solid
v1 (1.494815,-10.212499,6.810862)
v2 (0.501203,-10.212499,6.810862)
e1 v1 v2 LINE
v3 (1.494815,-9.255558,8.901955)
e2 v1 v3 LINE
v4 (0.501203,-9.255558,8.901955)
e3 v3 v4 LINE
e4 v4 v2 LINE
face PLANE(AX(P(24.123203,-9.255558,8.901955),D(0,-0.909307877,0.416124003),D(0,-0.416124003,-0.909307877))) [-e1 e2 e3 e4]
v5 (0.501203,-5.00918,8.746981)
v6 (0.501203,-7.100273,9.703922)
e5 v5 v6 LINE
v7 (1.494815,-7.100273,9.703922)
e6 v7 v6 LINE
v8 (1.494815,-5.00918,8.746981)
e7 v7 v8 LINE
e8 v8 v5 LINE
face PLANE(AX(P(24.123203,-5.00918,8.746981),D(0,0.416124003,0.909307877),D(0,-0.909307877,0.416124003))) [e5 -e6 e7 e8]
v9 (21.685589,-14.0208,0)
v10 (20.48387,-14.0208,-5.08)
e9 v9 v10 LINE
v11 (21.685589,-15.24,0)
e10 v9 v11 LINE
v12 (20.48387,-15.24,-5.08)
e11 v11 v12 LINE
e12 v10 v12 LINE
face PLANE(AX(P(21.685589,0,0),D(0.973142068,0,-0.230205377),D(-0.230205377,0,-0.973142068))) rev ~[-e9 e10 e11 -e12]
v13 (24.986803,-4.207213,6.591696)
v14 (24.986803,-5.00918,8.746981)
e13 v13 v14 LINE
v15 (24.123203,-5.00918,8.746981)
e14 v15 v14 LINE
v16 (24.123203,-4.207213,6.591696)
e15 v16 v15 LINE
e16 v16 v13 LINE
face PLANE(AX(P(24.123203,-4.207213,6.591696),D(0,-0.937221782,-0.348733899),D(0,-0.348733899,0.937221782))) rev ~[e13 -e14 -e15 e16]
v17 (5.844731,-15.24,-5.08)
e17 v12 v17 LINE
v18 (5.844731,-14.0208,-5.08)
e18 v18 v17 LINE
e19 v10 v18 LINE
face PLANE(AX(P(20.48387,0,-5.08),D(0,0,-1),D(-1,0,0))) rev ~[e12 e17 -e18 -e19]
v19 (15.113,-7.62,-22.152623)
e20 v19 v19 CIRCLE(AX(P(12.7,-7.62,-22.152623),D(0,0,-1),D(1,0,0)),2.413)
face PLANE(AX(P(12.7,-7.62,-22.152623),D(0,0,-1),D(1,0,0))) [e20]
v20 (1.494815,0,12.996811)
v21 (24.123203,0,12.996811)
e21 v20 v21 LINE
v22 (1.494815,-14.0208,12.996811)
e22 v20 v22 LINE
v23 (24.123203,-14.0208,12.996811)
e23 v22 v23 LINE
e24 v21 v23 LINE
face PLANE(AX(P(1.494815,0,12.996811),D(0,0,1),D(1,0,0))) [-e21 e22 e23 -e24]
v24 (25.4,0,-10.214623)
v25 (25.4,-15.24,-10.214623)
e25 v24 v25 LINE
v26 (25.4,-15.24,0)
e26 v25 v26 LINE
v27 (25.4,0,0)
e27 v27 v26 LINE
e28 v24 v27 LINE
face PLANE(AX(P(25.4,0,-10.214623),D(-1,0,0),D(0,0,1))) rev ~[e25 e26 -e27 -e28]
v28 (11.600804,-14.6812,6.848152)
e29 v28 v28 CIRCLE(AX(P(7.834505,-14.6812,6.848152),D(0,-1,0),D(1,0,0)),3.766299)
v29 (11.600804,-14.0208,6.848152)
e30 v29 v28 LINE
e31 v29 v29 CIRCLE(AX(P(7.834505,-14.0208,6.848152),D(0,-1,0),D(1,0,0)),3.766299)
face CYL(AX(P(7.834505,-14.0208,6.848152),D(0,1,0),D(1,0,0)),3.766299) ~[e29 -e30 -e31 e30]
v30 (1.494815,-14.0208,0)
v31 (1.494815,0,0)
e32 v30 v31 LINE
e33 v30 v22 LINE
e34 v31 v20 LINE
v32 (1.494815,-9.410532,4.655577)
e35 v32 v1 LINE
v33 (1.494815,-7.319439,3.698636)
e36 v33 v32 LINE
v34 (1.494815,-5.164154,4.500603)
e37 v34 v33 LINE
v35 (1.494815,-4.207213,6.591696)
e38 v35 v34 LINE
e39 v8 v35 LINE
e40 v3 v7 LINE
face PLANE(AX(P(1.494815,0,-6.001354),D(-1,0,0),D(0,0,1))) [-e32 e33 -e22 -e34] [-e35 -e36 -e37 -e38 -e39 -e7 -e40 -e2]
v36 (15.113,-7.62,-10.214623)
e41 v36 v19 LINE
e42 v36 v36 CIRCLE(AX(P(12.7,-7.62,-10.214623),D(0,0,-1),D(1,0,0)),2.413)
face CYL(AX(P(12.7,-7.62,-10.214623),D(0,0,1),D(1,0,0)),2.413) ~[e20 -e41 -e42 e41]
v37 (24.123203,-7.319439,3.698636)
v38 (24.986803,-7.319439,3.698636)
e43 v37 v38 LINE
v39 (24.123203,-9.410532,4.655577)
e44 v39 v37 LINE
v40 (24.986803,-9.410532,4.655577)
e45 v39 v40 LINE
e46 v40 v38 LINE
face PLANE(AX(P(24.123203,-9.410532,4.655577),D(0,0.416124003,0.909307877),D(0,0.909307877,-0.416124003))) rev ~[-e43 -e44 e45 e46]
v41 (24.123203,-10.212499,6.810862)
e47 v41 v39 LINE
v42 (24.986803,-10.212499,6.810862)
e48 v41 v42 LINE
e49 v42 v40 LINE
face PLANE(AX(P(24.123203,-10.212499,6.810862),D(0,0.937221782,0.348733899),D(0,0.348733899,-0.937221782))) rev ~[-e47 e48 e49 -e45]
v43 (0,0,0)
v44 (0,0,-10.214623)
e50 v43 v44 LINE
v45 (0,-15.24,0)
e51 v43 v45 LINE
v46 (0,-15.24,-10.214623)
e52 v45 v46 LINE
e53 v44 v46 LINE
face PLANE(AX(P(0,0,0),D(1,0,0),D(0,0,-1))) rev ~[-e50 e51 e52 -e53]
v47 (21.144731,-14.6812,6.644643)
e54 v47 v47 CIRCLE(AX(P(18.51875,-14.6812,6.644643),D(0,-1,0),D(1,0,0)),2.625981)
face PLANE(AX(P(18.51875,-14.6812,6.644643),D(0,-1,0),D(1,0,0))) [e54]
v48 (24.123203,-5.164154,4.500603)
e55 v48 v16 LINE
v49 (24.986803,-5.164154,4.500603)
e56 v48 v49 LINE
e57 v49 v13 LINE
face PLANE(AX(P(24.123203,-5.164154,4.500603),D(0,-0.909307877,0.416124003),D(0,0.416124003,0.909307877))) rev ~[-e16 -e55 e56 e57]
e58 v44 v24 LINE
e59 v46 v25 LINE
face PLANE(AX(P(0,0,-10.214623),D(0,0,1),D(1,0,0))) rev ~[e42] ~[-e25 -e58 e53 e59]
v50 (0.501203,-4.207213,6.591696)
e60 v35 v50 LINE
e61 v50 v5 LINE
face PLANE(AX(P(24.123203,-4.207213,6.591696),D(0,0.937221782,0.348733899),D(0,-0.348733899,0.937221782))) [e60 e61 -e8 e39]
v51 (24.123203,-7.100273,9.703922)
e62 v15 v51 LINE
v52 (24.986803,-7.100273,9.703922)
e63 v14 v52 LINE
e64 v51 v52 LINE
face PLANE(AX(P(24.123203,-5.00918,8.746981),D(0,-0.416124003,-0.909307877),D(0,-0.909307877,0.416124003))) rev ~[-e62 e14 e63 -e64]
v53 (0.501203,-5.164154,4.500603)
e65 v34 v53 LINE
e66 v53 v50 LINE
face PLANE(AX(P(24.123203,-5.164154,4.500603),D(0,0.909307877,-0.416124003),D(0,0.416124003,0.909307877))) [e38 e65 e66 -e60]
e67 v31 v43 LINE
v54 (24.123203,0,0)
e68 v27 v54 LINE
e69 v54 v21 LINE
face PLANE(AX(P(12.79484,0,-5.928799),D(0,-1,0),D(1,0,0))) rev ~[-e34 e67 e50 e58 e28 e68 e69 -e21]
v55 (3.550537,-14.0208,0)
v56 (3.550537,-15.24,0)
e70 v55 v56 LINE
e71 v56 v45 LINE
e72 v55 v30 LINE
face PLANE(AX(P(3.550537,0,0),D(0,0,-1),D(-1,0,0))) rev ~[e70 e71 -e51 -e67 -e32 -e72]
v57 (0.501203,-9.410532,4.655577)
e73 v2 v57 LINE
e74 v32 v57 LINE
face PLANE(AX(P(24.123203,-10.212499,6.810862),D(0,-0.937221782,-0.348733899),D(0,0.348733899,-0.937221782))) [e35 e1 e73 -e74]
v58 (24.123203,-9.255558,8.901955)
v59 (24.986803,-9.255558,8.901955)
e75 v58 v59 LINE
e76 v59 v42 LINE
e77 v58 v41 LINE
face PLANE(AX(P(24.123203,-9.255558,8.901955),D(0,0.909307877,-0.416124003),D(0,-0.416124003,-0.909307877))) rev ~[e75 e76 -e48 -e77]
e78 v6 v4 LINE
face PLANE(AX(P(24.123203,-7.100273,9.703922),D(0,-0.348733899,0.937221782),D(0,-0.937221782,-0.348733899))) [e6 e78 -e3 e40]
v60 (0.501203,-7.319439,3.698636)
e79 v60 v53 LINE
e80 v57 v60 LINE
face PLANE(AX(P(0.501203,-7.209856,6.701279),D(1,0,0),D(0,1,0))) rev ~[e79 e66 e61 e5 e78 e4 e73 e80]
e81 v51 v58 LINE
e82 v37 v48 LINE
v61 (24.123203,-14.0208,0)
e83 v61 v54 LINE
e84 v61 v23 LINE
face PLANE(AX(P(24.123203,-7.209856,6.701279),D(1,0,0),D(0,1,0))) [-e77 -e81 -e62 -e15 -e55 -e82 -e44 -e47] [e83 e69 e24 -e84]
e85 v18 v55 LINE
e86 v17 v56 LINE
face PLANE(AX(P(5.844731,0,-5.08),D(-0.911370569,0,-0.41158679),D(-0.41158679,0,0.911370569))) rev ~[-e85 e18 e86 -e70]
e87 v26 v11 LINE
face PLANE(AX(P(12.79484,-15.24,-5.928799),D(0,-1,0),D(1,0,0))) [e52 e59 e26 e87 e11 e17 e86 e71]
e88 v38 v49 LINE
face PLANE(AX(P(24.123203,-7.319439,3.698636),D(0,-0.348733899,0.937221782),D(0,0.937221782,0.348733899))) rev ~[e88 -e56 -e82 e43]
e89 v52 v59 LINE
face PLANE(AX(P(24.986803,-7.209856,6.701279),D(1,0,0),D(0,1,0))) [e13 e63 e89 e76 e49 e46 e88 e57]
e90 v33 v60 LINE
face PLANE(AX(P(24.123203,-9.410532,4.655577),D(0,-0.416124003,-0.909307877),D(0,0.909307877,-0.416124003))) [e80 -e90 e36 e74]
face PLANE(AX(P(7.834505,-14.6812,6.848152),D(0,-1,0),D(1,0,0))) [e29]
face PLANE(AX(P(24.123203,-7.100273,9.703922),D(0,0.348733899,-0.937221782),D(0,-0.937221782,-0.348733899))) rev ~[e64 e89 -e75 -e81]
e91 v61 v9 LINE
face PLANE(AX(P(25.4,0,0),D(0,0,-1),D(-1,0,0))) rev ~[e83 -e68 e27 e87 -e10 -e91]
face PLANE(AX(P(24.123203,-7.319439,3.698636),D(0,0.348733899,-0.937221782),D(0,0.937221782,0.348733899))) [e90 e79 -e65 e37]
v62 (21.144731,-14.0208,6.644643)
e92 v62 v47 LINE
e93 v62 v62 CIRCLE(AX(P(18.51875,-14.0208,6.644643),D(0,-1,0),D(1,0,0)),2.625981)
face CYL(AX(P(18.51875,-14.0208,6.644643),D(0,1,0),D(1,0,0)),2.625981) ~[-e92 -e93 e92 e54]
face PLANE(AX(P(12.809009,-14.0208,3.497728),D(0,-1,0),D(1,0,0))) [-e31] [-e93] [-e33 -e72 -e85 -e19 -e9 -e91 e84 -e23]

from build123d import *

# Parameters (mm, degrees)
F1_DEPTH  = 15.24
F2_W      = 22.628388
F2_H      = 18.998165
F3_DEPTH  = 14.0208
F5_DEPTH  = 23.622
F6_DEPTH  = 0.8636
F7_R      = 3.766299
F7_R_2    = 2.625981
F8_DEPTH  = 0.6604
F9_R      = 2.413
F10_DEPTH = 11.938


with BuildPart() as f1:
    # F0 (on Front) → F1 (new body)
    with BuildSketch(Plane.XZ):
        Polygon((3.550537, 0), (0, 0), (0, -10.214623), (25.4, -10.214623), (25.4, 0), (21.685589, 0), (20.48387, -5.08), (5.844731, -5.08), align=None)
    extrude(amount=F1_DEPTH)

    # F2 (on Front) → F3 (join)
    with BuildSketch(Plane.XZ):
        with Locations((12.809009, 3.497728)):
            Rectangle(F2_W, F2_H)
    extrude(amount=F3_DEPTH)

    # F4 (on face) → F5 (join)
    with BuildSketch(Plane.YZ.offset(24.123203)):
        Polygon((-7.100273, 9.703922), (-9.255558, 8.901955), (-10.212499, 6.810862), (-9.410532, 4.655577), (-7.319439, 3.698636), (-5.164154, 4.500603), (-4.207213, 6.591696), (-5.00918, 8.746981), align=None)
    extrude(amount=-F5_DEPTH)

    # F4 (on face) → F6 (join)
    with BuildSketch(Plane.YZ.offset(24.123203)):
        Polygon((-7.100273, 9.703922), (-9.255558, 8.901955), (-10.212499, 6.810862), (-9.410532, 4.655577), (-7.319439, 3.698636), (-5.164154, 4.500603), (-4.207213, 6.591696), (-5.00918, 8.746981), align=None)
    extrude(amount=F6_DEPTH)

    # F7 (on face) → F8 (join)
    with BuildSketch(Plane.XZ.offset(14.0208)):
        with Locations((7.834505, 6.848152)):
            Circle(F7_R)
        with Locations((18.51875, 6.644643)):
            Circle(F7_R_2)
    extrude(amount=F8_DEPTH)

    # F9 (on face) → F10 (join)
    with BuildSketch(Plane(origin=(0, 0, -10.214623), x_dir=(1, 0, 0), z_dir=(0, 0, -1))):
        with Locations((12.7, 7.62)):
            Circle(F9_R)
    extrude(amount=F10_DEPTH)


solid = f1.part
